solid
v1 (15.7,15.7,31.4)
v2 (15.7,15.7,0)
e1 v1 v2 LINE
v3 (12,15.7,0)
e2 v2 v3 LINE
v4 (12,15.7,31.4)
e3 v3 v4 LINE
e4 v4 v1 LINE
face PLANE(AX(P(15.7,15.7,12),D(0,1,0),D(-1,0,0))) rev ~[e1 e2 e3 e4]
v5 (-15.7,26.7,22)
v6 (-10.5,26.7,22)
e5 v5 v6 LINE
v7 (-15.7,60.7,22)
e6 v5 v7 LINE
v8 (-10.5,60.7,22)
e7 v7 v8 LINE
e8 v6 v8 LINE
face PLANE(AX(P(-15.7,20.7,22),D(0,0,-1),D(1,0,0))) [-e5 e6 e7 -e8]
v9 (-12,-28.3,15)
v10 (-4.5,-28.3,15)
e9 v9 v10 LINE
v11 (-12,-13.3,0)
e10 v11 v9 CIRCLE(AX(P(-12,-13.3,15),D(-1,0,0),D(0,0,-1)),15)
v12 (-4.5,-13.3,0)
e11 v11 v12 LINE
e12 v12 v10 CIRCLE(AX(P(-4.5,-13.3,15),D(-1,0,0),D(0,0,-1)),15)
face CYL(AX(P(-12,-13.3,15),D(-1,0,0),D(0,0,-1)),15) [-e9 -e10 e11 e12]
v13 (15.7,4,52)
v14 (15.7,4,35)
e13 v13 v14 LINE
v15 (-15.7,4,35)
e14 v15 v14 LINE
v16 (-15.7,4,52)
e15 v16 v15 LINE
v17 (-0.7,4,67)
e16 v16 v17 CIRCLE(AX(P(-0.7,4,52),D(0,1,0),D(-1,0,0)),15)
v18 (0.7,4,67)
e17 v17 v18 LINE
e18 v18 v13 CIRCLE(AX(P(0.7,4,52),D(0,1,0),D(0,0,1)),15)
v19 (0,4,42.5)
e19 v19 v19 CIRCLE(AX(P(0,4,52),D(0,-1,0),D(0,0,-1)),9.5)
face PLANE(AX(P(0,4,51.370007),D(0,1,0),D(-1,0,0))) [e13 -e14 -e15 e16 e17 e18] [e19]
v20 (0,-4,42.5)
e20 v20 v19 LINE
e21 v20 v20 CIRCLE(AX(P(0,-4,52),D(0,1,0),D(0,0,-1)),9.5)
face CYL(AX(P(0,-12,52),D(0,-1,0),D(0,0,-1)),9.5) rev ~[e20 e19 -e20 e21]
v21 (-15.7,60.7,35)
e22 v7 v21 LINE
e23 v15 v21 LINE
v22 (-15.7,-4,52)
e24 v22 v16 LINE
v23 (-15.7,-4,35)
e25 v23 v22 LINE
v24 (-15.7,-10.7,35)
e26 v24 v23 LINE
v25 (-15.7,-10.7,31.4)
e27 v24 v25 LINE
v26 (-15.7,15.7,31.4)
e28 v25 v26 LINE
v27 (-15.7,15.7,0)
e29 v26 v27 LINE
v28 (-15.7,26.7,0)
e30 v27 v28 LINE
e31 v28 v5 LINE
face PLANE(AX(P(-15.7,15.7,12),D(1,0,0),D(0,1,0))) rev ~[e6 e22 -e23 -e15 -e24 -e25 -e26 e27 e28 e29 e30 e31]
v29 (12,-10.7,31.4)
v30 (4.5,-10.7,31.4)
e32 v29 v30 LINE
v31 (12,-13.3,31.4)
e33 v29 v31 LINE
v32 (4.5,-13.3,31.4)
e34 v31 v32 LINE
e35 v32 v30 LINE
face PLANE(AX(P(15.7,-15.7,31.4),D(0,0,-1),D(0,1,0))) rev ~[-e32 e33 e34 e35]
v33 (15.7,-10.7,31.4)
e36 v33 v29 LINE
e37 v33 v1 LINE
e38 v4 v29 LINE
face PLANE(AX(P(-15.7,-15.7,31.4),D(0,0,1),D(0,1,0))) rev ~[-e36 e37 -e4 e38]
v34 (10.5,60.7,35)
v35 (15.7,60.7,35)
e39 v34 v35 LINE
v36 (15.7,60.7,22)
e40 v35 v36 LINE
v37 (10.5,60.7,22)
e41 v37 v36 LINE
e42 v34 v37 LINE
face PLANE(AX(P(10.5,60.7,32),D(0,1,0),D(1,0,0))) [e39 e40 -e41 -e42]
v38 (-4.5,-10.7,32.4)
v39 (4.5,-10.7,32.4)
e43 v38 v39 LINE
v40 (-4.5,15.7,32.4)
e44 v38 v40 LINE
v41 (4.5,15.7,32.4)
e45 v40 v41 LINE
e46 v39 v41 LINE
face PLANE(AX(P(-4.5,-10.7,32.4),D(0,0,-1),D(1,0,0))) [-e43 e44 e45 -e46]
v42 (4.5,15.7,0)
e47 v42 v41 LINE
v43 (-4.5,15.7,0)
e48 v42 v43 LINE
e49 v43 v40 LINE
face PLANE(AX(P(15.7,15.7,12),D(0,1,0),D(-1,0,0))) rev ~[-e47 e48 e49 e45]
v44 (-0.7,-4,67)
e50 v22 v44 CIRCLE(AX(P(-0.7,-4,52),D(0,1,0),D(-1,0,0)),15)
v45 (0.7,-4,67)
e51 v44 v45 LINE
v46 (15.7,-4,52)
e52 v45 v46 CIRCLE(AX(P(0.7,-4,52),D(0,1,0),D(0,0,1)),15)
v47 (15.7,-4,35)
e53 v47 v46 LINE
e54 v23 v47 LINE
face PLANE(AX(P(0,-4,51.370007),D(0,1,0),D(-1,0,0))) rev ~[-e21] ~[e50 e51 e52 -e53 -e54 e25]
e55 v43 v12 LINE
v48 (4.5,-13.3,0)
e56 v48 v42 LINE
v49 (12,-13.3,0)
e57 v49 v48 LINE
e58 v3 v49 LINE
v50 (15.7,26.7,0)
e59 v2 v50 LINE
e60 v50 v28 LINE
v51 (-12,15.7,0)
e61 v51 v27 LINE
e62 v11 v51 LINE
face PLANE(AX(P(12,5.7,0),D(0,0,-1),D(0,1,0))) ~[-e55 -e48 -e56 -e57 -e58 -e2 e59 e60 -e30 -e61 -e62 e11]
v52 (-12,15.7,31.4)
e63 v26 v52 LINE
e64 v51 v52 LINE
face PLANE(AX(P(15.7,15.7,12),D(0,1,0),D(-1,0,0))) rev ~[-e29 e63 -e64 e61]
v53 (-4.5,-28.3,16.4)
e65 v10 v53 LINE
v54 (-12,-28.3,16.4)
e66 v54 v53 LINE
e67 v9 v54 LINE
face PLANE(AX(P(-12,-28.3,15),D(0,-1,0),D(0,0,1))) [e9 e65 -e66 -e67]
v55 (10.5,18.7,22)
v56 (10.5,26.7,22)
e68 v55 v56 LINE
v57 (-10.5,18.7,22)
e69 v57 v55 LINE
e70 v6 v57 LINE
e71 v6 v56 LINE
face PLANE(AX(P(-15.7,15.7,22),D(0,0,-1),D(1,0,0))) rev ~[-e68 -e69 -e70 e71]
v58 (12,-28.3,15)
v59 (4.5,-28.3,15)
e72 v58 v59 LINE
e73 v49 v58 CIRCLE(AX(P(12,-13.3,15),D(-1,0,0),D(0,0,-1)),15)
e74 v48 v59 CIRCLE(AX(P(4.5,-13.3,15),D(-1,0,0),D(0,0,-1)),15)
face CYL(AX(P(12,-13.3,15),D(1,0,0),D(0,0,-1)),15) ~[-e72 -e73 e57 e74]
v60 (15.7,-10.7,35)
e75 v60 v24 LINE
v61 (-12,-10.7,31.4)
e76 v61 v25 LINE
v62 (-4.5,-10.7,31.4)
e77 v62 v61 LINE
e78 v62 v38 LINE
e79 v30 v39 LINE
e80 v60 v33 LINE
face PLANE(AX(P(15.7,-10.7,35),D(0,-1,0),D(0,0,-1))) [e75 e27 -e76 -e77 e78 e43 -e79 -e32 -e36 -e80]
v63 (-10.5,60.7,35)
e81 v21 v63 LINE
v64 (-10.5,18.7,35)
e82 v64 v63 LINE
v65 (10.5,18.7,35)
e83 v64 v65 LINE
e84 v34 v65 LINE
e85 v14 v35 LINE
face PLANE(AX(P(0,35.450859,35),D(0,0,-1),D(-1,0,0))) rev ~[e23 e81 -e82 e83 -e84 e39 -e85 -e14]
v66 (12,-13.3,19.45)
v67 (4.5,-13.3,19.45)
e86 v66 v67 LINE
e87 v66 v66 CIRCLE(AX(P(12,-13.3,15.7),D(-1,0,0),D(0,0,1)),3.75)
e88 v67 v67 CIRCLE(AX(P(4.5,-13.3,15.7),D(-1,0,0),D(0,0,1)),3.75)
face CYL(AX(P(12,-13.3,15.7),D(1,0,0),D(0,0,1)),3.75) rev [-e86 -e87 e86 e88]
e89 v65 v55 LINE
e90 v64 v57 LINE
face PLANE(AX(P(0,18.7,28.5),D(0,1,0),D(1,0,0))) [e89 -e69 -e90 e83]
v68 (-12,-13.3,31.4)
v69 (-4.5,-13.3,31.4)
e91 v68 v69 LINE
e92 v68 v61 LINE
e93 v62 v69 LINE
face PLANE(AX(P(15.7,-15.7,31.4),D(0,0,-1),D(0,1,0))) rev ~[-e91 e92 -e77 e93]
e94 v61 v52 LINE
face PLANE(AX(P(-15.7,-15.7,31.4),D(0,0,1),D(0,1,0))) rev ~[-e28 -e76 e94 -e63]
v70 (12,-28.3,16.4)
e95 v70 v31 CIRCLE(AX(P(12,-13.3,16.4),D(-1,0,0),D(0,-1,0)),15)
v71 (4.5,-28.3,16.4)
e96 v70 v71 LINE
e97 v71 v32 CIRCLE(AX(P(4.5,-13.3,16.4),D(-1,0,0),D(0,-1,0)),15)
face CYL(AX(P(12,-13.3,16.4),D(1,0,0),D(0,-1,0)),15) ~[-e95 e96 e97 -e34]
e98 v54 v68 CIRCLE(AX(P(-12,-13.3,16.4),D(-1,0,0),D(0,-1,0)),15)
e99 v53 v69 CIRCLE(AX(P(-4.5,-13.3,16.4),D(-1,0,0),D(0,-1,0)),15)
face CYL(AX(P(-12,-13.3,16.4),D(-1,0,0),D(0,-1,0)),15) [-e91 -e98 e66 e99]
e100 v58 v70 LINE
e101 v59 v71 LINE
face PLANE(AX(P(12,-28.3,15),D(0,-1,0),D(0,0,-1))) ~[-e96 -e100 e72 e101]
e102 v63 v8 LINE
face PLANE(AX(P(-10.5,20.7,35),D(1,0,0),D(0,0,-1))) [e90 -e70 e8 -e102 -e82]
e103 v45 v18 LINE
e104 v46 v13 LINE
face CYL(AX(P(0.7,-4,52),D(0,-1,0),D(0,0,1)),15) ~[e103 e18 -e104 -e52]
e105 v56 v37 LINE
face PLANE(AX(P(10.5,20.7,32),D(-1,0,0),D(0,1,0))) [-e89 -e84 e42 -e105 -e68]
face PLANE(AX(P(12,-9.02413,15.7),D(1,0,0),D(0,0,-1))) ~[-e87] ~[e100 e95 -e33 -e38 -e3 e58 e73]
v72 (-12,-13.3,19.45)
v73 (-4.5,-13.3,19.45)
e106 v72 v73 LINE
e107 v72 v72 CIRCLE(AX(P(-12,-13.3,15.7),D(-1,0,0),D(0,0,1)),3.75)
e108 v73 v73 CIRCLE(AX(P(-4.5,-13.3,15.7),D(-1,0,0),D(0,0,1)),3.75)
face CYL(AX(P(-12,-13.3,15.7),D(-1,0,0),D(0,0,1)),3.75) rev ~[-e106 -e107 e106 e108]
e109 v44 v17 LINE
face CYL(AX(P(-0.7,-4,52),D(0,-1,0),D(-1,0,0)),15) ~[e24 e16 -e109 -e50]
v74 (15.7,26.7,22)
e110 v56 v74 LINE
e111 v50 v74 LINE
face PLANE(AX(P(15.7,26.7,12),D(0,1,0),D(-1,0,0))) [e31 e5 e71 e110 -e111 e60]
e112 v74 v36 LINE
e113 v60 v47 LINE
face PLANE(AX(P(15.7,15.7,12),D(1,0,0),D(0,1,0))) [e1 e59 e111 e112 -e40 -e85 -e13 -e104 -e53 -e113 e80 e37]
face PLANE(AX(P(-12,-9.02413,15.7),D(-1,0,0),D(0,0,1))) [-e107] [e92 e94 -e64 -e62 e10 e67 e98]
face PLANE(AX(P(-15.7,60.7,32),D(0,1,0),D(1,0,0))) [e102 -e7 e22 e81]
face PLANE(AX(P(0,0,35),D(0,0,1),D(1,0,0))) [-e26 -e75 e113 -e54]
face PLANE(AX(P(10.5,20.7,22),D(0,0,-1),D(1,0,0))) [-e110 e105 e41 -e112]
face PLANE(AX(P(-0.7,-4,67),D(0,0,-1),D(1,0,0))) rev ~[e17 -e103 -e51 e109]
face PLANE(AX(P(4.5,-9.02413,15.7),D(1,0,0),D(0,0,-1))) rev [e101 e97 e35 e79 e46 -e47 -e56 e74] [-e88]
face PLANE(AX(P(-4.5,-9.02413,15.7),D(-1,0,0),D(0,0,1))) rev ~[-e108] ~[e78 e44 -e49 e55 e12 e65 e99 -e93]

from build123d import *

# Parameters (mm, degrees)
SKETCH4_W            = 31.4
SKETCH4_H            = 31.4
SKETCH4_W_2          = 25.4
SKETCH4_H_2          = 25.4
BOSS_EXTRUDE3_DEPTH  = 30
SKETCH5_W            = 31.4
SKETCH5_H            = 31.4
BOSS_EXTRUDE4_DEPTH  = 5
SKETCH6_W            = 31.4
SKETCH6_H            = 8
BOSS_EXTRUDE5_DEPTH  = 5
BOSS_EXTRUDE6_DEPTH  = 8
SKETCH8_R            = 9.5
BOSS_EXTRUDE7_DEPTH  = 8
SKETCH9_W            = 31.4
SKETCH9_H            = 10
BOSS_EXTRUDE8_DEPTH  = 5
SKETCH10_W           = 31.4
SKETCH10_H           = 10
BOSS_EXTRUDE9_DEPTH  = 11
SKETCH11_W           = 5.2
SKETCH11_H           = 10
BOSS_EXTRUDE10_DEPTH = 40
BOSS_EXTRUDE11_DEPTH = 3
SKETCH13_W           = 31.4
SKETCH13_H           = 31.4
CUT_EXTRUDE1_DEPTH   = 31.4
SKETCH15_W           = 31.4
SKETCH15_H           = 11
BOSS_EXTRUDE12_DEPTH = 12
SKETCH17_W           = 7.5
SKETCH17_H           = 31.4
BOSS_EXTRUDE13_DEPTH = 10
SKETCH18_R           = 3.75
BOSS_EXTRUDE14_DEPTH = 7.5
SKETCH19_W           = 3.6
SKETCH19_H           = 5
CUT_EXTRUDE2_DEPTH   = 31.4
CUT_EXTRUDE3_START   = 8
SKETCH8_2_R          = 9.5
CUT_EXTRUDE3_DEPTH   = 24
SKETCH20_W           = 9
SKETCH20_H           = 1
CUT_EXTRUDE4_DEPTH   = 26.4
SKETCH21_W           = 21
SKETCH21_H           = 13
CUT_EXTRUDE5_DEPTH   = 2


with BuildPart() as part:
    # Sketch4 → Boss-Extrude3 (new body)
    with BuildSketch(Plane.XY):
        Rectangle(SKETCH4_W, SKETCH4_H)
        Rectangle(SKETCH4_W_2, SKETCH4_H_2, mode=Mode.SUBTRACT)
    extrude(amount=BOSS_EXTRUDE3_DEPTH)

    # Sketch5 → Boss-Extrude4 (add)
    with BuildSketch(Plane.XY.offset(30)):
        Rectangle(SKETCH5_W, SKETCH5_H)
    extrude(amount=BOSS_EXTRUDE4_DEPTH)

    # Sketch6 → Boss-Extrude5 (add)
    with BuildSketch(Plane.XY.offset(35)):
        Rectangle(SKETCH6_W, SKETCH6_H)
    extrude(amount=BOSS_EXTRUDE5_DEPTH)

    # Sketch7 → Boss-Extrude6 (add)
    with BuildSketch(Plane.XZ.offset(4)):
        with BuildLine():
            Line((-15.7, 40), (-15.7, 52))
            ThreePointArc((-15.7, 52), (-11.306601718, 62.606601718), (-0.7, 67))
            Line((-0.7, 67), (0.7, 67))
            ThreePointArc((0.7, 67), (11.306601718, 62.606601718), (15.7, 52))
            Line((15.7, 52), (15.7, 40))
            Line((15.7, 40), (-15.7, 40))
        make_face()
    extrude(amount=-BOSS_EXTRUDE6_DEPTH)

    # Sketch8 → Boss-Extrude7 (add)
    with BuildSketch(Plane.XZ.offset(4)):
        with Locations((0, 52)):
            Circle(SKETCH8_R)
    boss_extrude7 = extrude(amount=BOSS_EXTRUDE7_DEPTH)

    # Mirror1: Boss-Extrude7 across plane
    add(boss_extrude7.mirror(Plane.ZX))

    # Sketch9 → Boss-Extrude8 (add)
    with BuildSketch(Plane(origin=(0, 15.7, 0), x_dir=(1, 0, 0), z_dir=(0, 1, 0))):
        with Locations((0, -27)):
            Rectangle(SKETCH9_W, SKETCH9_H)
    extrude(amount=BOSS_EXTRUDE8_DEPTH)

    # Sketch10 → Boss-Extrude9 (add)
    with BuildSketch(Plane(origin=(0, 15.7, 0), x_dir=(1, 0, 0), z_dir=(0, 1, 0))):
        with Locations((0, -17)):
            Rectangle(SKETCH10_W, SKETCH10_H)
    extrude(amount=BOSS_EXTRUDE9_DEPTH)

    # Sketch11 → Boss-Extrude10 (add)
    with BuildSketch(Plane(origin=(0, 20.7, 0), x_dir=(1, 0, 0), z_dir=(0, 1, 0))):
        with Locations((-13.1, -27)):
            Rectangle(SKETCH11_W, SKETCH11_H)
        with Locations((13.1, -27)):
            Rectangle(SKETCH11_W, SKETCH11_H)
    extrude(amount=BOSS_EXTRUDE10_DEPTH)

    # Sketch12 → Boss-Extrude11 (add)
    with BuildSketch(Plane.XY.offset(32)):
        Polygon((-15.7, 60.7), (-10.5, 60.7), (-10.5, 20.7), (10.5, 20.7), (10.5, 60.7), (15.7, 60.7), (15.7, 15.7), (-15.7, 15.7), align=None)
    extrude(amount=BOSS_EXTRUDE11_DEPTH)

    # Sketch13 → Cut-Extrude1 (cut)
    with BuildSketch(Plane.ZY.offset(15.7)):
        with Locations((15.7, 0)):
            Rectangle(SKETCH13_W, SKETCH13_H)
    extrude(amount=-CUT_EXTRUDE1_DEPTH, mode=Mode.SUBTRACT)

    # Sketch15 → Boss-Extrude12 (add)
    with BuildSketch(Plane(origin=(0, 0, 12), x_dir=(-1, 0, 0), z_dir=(0, 0, -1))):
        with Locations((0, 21.2)):
            Rectangle(SKETCH15_W, SKETCH15_H)
    extrude(amount=BOSS_EXTRUDE12_DEPTH)

    # Sketch17 → Boss-Extrude13 (add)
    with BuildSketch(Plane.XZ.offset(-15.7)):
        with Locations((-8.25, 15.7)):
            Rectangle(SKETCH17_W, SKETCH17_H)
    boss_extrude13 = extrude(amount=BOSS_EXTRUDE13_DEPTH)

    # Sketch18 → Boss-Extrude14 (add)
    with BuildSketch(Plane.ZY.offset(12)):
        with BuildLine():
            Line((31.4, 5.7), (0, 5.7))
            Line((0, 5.7), (0, -13.3))
            ThreePointArc((0, -13.3), (4.393398282, -23.906601718), (15, -28.3))
            Line((15, -28.3), (16.4, -28.3))
            ThreePointArc((16.4, -28.3), (27.006601718, -23.906601718), (31.4, -13.3))
            Line((31.4, -13.3), (31.4, 5.7))
        make_face()
        with Locations((15.7, -13.3)):
            Circle(SKETCH18_R, mode=Mode.SUBTRACT)
    boss_extrude14 = extrude(amount=-BOSS_EXTRUDE14_DEPTH)

    # Mirror3: Boss-Extrude13, Boss-Extrude14 across plane
    add(boss_extrude13.mirror(Plane(origin=(0, 0, 0), x_dir=(0, 0, 1), z_dir=(1, 0, 0))))
    add(boss_extrude14.mirror(Plane(origin=(0, 0, 0), x_dir=(0, 0, 1), z_dir=(1, 0, 0))))

    # Sketch19 → Cut-Extrude2 (cut)
    with BuildSketch(Plane(origin=(15.7, 0, 0), x_dir=(0, 0, -1), z_dir=(1, 0, 0))):
        with Locations((-33.2, -13.2)):
            Rectangle(SKETCH19_W, SKETCH19_H)
    extrude(amount=-CUT_EXTRUDE2_DEPTH, mode=Mode.SUBTRACT)

    # Sketch8<2> → Cut-Extrude3 (cut)
    with BuildSketch(Plane.XZ.offset(4).offset(CUT_EXTRUDE3_START)):
        with Locations((0, 52)):
            Circle(SKETCH8_2_R)
    extrude(amount=-CUT_EXTRUDE3_DEPTH, mode=Mode.SUBTRACT)

    # Sketch20 → Cut-Extrude4 (cut)
    with BuildSketch(Plane.XZ.offset(10.7)):
        with Locations((0, 31.9)):
            Rectangle(SKETCH20_W, SKETCH20_H)
    extrude(amount=-CUT_EXTRUDE4_DEPTH, mode=Mode.SUBTRACT)

    # Sketch21 → Cut-Extrude5 (cut)
    with BuildSketch(Plane(origin=(0, 20.7, 0), x_dir=(1, 0, 0), z_dir=(0, 1, 0))):
        with Locations((0, -28.5)):
            Rectangle(SKETCH21_W, SKETCH21_H)
    extrude(amount=-CUT_EXTRUDE5_DEPTH, mode=Mode.SUBTRACT)


solid = part.part
